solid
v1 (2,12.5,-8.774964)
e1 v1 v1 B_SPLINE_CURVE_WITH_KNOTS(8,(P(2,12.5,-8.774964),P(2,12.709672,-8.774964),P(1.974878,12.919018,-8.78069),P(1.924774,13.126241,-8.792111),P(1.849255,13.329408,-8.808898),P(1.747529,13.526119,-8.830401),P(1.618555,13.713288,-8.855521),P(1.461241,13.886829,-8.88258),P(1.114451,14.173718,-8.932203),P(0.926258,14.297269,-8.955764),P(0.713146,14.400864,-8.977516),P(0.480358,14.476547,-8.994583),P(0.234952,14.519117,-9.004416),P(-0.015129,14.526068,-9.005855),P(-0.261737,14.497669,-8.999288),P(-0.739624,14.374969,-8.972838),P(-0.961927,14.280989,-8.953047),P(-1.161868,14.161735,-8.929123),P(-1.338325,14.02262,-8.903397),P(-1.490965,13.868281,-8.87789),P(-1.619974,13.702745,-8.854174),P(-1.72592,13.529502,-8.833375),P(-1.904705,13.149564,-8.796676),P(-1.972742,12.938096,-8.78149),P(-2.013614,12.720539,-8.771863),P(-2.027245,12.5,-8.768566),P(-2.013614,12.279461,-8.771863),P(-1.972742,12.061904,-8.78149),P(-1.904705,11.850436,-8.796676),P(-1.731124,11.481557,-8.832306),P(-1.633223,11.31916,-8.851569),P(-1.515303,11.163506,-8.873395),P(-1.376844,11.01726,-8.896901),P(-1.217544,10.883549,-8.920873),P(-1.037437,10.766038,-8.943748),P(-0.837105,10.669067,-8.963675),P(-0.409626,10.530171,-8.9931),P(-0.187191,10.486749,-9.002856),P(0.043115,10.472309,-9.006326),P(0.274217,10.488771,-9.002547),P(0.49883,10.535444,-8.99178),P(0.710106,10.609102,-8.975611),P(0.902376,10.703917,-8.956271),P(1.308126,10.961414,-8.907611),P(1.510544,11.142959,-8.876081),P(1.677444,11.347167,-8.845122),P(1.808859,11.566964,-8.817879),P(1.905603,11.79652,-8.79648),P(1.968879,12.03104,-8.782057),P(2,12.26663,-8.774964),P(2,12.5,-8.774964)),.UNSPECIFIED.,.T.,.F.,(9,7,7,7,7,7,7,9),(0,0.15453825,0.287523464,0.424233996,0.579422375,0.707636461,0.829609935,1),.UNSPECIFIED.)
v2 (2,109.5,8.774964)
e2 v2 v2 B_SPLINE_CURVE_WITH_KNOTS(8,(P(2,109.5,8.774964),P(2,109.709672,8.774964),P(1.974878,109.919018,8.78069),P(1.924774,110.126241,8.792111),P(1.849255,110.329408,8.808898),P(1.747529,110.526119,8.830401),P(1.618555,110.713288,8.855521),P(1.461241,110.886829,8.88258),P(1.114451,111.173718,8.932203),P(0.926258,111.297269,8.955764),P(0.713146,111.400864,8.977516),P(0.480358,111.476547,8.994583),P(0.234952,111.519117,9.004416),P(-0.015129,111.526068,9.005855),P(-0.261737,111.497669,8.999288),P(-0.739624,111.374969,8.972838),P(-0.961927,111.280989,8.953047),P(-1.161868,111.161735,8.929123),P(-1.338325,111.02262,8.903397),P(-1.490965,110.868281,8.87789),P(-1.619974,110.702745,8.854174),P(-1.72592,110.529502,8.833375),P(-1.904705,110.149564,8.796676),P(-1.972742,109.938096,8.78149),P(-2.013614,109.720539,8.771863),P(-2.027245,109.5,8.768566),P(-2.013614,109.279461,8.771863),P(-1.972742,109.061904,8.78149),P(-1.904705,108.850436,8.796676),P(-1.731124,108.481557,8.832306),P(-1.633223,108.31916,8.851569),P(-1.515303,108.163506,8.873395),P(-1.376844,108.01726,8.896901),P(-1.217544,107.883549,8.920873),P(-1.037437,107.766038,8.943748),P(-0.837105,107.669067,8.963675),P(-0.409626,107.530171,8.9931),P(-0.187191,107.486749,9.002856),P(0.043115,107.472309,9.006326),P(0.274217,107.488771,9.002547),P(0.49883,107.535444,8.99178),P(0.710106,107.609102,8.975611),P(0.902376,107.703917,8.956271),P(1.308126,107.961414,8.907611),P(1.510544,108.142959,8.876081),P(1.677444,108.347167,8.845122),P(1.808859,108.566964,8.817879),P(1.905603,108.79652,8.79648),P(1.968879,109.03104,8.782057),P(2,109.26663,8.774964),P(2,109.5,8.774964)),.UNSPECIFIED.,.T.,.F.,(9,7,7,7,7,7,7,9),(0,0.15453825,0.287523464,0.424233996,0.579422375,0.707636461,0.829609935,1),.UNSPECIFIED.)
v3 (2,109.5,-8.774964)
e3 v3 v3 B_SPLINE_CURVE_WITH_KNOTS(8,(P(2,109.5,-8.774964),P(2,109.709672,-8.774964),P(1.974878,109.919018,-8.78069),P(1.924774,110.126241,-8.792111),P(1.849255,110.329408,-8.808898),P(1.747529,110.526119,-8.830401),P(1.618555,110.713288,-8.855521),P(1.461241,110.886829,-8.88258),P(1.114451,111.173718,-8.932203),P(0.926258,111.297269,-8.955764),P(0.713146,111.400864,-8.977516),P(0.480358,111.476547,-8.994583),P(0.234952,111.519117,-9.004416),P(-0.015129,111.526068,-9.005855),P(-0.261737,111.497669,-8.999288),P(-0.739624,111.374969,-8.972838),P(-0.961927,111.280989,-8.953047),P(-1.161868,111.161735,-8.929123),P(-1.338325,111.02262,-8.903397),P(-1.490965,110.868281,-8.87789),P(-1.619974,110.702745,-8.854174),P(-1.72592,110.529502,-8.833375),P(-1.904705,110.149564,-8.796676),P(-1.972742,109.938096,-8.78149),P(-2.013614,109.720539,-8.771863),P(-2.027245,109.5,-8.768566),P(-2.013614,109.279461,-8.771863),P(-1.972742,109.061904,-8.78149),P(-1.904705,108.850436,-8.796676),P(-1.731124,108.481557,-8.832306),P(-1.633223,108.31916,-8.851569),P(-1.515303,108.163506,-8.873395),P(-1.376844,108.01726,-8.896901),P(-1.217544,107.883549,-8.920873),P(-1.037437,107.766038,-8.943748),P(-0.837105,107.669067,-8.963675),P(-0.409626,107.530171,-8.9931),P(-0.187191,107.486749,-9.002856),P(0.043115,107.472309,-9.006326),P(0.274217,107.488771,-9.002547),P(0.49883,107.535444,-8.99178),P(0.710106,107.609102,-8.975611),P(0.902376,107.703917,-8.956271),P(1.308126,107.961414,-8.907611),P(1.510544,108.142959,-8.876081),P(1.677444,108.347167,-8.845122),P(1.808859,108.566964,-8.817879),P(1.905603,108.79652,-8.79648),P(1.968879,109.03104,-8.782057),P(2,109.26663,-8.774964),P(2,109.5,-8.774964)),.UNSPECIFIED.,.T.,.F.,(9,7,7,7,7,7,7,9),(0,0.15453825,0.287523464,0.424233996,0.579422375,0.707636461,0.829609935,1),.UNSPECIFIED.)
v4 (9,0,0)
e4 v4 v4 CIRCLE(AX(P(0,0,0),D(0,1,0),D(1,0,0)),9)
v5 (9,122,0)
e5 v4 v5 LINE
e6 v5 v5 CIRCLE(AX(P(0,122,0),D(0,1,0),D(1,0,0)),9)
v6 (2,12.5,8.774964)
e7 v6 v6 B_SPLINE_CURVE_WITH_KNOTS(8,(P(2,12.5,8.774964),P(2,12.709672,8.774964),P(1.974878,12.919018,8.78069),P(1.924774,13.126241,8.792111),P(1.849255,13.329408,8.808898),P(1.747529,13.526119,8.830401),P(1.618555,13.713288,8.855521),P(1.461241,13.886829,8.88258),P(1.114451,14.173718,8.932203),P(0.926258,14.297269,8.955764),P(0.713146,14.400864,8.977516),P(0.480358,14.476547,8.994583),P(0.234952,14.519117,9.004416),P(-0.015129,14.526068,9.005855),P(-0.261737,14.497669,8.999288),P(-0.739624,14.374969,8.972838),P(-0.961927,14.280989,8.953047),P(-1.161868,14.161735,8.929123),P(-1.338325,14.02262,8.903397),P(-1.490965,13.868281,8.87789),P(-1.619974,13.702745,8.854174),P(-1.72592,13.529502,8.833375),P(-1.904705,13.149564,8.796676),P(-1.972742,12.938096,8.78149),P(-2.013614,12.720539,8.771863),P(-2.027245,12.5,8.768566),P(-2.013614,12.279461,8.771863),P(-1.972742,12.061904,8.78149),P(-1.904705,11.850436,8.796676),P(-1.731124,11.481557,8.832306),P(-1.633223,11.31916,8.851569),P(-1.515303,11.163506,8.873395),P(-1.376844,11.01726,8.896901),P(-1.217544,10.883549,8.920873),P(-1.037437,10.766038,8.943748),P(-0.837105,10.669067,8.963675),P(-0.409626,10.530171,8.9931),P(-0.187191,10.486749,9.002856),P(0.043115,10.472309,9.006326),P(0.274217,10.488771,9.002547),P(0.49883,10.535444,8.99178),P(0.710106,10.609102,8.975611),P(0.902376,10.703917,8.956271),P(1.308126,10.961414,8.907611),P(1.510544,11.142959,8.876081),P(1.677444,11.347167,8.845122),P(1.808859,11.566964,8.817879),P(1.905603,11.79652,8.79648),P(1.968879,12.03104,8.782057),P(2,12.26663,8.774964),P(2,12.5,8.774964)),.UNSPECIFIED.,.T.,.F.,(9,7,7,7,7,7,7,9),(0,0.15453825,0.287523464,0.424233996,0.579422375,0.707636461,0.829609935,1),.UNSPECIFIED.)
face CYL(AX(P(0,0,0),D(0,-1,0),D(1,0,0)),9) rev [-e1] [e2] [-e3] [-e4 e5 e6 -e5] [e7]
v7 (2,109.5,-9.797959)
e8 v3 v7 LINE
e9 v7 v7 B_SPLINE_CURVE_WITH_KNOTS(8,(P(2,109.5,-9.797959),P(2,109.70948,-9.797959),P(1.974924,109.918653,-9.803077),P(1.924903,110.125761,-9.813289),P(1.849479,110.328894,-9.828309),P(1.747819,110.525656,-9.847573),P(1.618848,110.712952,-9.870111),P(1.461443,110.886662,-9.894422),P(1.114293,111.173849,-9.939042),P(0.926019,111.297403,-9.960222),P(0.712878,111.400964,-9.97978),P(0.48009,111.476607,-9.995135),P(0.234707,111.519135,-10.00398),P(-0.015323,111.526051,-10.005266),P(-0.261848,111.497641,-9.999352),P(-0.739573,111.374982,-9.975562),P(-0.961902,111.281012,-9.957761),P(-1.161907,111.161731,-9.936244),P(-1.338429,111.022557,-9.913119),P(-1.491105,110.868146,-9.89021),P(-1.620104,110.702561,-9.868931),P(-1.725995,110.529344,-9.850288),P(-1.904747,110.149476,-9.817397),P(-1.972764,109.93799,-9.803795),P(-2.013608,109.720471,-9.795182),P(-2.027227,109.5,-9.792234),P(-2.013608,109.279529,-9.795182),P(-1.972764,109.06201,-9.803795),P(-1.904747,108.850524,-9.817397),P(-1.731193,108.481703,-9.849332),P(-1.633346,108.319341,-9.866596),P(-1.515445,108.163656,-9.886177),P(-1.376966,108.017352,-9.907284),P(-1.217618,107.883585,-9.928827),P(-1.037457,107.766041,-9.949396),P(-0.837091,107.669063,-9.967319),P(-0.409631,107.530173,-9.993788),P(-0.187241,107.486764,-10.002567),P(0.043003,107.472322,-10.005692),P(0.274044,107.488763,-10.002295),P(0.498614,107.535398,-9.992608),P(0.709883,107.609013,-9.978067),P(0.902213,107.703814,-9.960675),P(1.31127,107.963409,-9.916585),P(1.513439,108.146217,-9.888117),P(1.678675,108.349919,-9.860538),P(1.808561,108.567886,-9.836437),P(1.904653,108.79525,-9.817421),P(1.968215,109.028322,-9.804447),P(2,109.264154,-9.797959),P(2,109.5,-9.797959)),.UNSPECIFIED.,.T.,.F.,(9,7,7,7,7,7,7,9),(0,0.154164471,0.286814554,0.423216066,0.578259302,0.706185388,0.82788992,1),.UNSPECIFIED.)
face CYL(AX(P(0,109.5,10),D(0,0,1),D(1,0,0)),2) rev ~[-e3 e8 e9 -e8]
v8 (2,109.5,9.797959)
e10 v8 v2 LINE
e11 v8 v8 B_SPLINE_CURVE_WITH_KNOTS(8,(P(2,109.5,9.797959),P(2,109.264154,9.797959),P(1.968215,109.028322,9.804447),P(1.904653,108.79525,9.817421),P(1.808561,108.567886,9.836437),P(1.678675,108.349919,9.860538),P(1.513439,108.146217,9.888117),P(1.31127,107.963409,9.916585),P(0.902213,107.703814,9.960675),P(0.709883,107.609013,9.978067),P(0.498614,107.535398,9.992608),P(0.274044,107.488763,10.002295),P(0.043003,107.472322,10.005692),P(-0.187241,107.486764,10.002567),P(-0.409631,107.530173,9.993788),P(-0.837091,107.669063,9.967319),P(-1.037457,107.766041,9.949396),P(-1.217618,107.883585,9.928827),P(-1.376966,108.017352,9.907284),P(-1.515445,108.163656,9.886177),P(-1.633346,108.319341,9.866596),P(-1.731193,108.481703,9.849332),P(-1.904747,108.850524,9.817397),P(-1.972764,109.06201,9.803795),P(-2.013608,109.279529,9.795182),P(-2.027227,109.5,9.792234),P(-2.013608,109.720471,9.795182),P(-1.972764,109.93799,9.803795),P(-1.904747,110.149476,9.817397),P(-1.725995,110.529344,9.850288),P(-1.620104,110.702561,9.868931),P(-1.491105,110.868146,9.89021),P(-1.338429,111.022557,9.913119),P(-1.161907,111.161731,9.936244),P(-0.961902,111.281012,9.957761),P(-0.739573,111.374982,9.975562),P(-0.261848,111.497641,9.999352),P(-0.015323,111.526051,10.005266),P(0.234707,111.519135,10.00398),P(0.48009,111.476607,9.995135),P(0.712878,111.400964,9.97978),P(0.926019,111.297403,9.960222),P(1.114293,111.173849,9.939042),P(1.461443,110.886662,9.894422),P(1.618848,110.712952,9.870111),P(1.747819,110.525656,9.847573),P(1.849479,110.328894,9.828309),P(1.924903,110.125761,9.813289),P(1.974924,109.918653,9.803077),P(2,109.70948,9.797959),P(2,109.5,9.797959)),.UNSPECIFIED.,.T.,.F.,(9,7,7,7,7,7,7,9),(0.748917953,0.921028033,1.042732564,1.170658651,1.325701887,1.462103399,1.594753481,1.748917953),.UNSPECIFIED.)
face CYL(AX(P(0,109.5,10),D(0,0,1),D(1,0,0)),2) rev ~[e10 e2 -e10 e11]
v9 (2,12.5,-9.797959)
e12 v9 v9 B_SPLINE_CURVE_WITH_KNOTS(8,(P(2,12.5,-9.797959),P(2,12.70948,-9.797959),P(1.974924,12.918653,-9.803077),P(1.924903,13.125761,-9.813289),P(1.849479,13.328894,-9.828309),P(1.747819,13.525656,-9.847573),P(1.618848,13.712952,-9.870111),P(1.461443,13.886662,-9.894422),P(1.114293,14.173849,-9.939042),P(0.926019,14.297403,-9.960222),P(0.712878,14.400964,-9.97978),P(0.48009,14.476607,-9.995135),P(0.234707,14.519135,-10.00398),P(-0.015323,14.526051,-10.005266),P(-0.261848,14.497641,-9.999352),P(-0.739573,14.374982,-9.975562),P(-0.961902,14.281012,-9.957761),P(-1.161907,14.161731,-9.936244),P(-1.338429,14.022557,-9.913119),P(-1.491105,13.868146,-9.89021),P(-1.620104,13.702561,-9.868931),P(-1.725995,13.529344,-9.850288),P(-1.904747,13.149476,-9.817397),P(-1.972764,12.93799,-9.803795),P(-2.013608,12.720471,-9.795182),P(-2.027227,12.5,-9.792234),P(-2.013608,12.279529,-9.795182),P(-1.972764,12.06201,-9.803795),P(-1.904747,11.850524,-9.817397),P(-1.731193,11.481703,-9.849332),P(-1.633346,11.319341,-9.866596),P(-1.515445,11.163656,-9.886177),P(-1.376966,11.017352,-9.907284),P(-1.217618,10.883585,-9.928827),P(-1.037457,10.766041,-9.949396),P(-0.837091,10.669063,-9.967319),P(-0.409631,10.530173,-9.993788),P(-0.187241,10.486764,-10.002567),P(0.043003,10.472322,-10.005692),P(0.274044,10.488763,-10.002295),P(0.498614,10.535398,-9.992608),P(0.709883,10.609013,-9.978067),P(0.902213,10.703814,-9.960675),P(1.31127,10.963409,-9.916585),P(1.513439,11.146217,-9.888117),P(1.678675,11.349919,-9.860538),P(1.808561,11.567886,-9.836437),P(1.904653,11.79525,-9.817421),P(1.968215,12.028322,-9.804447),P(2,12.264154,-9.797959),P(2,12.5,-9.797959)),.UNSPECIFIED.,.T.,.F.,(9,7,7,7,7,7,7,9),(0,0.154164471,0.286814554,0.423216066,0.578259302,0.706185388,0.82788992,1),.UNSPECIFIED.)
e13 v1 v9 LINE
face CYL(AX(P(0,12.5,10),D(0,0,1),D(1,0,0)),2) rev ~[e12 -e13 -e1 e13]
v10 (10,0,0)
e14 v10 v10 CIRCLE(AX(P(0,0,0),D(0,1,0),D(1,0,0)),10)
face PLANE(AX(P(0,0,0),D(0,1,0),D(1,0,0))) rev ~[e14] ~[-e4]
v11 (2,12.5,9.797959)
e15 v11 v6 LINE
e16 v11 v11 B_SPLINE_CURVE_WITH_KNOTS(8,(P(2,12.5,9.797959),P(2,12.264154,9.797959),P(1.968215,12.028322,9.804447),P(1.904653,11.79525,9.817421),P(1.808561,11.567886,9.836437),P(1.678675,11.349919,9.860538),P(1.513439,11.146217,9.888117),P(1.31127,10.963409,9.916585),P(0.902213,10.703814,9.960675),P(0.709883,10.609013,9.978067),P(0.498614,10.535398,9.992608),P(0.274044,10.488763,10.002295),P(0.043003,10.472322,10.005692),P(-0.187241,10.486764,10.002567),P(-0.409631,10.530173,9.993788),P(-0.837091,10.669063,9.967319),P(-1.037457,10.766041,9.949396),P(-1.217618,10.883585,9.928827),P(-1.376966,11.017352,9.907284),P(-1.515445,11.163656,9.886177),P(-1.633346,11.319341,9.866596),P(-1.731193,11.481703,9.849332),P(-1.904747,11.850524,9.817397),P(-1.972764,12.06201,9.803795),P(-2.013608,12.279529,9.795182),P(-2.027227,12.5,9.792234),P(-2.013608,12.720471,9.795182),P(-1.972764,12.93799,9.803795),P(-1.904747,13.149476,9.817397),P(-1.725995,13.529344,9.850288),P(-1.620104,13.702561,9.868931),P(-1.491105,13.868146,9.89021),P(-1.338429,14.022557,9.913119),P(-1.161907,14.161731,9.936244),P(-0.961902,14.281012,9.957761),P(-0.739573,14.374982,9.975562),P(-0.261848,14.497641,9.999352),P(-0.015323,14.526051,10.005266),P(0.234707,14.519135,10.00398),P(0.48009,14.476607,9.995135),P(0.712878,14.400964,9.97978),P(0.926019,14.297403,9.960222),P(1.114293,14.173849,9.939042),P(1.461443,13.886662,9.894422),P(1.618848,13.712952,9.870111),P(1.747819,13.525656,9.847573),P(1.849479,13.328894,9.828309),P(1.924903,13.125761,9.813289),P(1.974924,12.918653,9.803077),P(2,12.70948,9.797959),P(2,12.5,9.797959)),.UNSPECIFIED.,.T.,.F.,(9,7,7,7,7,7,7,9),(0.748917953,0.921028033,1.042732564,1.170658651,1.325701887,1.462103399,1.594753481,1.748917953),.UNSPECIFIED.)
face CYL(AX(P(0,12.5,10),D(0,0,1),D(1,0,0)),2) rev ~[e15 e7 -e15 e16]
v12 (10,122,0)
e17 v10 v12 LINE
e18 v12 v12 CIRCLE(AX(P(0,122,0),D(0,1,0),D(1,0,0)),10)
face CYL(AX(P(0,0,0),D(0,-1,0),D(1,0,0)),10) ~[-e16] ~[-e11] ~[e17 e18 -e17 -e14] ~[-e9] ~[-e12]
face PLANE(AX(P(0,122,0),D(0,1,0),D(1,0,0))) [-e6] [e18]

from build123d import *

# Parameters (mm, degrees)
SKETCH1_R           = 10
SKETCH1_R_2         = 9
BOSS_EXTRUDE1_DEPTH = 122
SKETCH3_R           = 2
CUT_EXTRUDE2_DEPTH  = 21


with BuildPart() as part:
    # Sketch1 → Boss-Extrude1 (new body)
    with BuildSketch(Plane(origin=(0, 0, 0), x_dir=(1, 0, 0), z_dir=(0, 1, 0))):
        Circle(SKETCH1_R)
        Circle(SKETCH1_R_2, mode=Mode.SUBTRACT)
    extrude(amount=BOSS_EXTRUDE1_DEPTH)

    # Sketch3 → Cut-Extrude2 (cut, through all)
    with BuildSketch(Plane.XY.offset(10)):
        with Locations((0, 109.5)):
            Circle(SKETCH3_R)
        with Locations((0, 12.5)):
            Circle(SKETCH3_R)
    extrude(amount=-CUT_EXTRUDE2_DEPTH, mode=Mode.SUBTRACT)


solid = part.part
